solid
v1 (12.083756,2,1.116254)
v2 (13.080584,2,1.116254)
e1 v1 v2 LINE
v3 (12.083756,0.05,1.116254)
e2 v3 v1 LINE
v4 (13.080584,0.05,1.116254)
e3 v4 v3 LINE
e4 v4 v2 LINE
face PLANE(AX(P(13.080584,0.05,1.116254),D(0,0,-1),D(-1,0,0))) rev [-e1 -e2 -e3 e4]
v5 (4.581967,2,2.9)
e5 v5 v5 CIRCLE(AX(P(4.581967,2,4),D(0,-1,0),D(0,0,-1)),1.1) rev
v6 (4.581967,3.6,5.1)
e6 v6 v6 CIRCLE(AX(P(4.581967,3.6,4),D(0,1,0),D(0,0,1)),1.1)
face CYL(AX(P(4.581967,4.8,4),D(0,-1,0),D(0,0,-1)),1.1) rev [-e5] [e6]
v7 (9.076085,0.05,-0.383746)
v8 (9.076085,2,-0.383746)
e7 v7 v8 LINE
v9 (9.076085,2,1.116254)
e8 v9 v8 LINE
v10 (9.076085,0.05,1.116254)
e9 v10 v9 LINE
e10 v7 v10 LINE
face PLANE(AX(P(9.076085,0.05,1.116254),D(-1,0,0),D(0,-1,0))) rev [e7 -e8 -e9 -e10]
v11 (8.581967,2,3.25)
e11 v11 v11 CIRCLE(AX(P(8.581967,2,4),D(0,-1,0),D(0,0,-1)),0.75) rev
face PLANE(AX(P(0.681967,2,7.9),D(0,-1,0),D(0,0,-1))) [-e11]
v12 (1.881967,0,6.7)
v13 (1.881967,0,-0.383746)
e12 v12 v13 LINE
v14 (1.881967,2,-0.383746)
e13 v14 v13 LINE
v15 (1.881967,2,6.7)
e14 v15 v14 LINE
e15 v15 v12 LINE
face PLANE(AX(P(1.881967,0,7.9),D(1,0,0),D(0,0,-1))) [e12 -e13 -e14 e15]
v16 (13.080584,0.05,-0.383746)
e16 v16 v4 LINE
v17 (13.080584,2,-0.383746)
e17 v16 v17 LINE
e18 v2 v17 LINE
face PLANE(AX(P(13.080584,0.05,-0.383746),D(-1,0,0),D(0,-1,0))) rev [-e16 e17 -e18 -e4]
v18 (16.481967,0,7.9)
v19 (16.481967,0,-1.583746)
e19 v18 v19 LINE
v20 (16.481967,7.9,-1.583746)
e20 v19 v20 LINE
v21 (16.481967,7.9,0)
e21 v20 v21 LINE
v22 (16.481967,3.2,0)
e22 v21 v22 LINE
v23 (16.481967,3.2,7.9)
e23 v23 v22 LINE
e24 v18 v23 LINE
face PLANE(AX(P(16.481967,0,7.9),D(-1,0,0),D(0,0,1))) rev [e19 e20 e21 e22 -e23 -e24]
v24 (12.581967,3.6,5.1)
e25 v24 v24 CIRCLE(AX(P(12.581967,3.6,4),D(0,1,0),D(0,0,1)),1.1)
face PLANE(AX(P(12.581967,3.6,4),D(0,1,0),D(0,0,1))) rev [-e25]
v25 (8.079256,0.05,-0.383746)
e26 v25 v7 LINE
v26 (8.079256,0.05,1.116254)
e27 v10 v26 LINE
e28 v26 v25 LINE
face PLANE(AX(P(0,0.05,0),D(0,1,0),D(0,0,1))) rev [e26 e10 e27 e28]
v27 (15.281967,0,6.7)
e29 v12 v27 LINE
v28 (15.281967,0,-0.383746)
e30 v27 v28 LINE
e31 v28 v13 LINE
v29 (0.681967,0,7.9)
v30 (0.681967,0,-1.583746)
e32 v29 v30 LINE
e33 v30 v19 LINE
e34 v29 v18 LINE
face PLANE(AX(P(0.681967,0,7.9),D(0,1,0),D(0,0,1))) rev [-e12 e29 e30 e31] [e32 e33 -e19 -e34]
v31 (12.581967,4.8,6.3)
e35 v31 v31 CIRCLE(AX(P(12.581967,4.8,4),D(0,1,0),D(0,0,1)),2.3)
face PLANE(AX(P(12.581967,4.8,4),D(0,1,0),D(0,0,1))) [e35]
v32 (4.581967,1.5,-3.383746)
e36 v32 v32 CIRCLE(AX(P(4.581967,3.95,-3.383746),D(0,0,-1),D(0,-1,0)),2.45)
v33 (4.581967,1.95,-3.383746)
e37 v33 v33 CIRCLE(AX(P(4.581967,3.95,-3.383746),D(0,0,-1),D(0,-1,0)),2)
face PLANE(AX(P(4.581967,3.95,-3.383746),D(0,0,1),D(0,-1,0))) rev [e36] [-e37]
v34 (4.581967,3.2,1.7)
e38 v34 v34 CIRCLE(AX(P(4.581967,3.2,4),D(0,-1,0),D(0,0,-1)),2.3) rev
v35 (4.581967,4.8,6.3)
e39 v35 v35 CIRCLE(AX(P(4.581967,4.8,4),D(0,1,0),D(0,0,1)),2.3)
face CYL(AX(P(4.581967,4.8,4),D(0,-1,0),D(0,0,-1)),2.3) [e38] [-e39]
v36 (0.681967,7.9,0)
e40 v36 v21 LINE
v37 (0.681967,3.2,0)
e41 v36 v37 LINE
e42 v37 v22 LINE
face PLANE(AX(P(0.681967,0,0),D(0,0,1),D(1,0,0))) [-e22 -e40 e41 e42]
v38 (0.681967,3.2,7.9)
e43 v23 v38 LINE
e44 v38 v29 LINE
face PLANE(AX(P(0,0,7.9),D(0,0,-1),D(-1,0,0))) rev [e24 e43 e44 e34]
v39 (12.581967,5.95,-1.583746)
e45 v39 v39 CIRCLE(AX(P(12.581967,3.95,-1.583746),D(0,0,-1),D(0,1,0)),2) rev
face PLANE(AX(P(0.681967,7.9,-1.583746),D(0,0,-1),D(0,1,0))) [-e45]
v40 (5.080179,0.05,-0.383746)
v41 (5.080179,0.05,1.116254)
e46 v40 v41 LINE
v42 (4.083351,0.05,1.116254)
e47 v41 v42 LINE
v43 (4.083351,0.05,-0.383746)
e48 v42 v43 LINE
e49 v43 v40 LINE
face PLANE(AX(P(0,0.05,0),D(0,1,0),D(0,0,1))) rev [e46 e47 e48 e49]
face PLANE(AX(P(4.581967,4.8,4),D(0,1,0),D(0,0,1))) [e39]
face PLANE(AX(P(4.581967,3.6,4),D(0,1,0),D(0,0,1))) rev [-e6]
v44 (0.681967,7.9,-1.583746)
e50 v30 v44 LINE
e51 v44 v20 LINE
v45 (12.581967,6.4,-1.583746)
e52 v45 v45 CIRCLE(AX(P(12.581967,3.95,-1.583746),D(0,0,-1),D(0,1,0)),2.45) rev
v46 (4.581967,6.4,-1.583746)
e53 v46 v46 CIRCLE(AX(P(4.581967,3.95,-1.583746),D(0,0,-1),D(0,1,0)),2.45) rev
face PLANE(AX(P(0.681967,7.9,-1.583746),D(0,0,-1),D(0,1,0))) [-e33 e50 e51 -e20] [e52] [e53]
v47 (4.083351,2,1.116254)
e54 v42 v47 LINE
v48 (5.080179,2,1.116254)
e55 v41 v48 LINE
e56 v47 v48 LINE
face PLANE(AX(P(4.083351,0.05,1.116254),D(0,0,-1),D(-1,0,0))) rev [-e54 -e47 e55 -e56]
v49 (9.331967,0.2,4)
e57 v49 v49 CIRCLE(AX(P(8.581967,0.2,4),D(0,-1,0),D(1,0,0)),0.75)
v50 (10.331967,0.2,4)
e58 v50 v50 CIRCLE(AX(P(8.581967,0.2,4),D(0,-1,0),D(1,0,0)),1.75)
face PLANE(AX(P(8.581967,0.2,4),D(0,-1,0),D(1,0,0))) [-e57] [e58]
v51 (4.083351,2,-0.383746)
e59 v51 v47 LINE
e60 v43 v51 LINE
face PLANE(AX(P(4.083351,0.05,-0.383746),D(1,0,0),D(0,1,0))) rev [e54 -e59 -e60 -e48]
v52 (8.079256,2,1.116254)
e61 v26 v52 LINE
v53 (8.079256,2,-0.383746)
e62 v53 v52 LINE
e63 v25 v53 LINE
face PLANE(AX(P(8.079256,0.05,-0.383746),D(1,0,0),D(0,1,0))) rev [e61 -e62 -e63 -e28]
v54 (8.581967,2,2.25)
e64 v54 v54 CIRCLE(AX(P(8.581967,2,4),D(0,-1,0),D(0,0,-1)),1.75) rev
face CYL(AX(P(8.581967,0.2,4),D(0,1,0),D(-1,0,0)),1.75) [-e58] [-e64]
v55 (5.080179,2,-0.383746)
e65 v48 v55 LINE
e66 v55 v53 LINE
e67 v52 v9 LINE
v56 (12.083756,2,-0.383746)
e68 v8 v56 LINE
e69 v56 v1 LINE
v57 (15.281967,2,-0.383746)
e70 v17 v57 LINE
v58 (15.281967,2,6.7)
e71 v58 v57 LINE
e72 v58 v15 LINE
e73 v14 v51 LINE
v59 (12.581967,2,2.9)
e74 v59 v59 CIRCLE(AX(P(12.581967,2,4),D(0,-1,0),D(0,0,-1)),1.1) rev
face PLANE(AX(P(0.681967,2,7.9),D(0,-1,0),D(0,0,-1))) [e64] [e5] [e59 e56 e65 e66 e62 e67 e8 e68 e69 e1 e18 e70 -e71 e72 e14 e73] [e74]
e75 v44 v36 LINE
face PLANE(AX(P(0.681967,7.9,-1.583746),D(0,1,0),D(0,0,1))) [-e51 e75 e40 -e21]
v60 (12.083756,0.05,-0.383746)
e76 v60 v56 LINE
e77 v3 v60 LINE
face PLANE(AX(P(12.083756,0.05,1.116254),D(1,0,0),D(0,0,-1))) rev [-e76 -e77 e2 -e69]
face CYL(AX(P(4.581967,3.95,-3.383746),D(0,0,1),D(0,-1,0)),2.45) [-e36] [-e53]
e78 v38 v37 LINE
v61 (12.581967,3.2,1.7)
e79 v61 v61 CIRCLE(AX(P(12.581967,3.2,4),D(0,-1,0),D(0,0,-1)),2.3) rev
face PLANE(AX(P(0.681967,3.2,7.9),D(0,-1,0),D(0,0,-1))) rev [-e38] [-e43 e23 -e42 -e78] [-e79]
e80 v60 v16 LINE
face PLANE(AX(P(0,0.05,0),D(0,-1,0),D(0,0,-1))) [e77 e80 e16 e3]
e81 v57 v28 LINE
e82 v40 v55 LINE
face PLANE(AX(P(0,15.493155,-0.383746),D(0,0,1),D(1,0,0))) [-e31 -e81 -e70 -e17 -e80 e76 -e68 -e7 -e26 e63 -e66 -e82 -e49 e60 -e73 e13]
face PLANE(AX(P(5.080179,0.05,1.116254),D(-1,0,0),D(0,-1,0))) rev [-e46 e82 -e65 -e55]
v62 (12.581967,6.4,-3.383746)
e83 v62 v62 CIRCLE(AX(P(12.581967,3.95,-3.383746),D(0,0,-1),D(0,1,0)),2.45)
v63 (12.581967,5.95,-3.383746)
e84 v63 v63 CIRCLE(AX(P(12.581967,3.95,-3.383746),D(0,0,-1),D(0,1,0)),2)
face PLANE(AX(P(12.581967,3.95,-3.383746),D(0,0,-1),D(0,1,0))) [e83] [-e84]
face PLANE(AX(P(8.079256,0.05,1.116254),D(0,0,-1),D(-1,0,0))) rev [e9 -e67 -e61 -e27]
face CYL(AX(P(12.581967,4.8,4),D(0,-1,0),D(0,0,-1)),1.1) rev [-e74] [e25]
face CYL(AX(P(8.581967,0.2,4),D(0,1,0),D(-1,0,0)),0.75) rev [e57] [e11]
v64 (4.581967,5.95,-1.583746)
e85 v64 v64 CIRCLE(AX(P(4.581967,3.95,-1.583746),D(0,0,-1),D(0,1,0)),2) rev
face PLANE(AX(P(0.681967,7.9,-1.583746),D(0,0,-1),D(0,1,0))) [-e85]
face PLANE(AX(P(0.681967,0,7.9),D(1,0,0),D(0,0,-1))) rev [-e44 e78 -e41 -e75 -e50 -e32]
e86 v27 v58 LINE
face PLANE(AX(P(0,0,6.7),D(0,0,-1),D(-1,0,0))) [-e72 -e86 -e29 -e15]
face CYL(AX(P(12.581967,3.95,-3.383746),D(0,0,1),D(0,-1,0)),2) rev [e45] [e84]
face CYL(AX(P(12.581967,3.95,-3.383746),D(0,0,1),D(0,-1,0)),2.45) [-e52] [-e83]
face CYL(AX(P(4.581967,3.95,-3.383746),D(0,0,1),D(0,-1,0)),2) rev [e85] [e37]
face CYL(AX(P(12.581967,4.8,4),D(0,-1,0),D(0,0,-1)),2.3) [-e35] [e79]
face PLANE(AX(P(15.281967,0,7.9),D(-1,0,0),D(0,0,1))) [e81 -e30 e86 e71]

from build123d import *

# Parameters (mm, degrees)
MAINBASESKETCH_W             = 15.8
MAINBASESKETCH_H             = 3.2
MAINBASEEXTRUDE_DEPTH        = 7.9
STUDSSKETCH_R                = 2.3
STUDSEXTRUDE_DEPTH           = 1.6
STUDSPATTERN_COUNT           = 2
STUDSPATTERN_PITCH           = 8
STUDSPATTERN_COUNT_DIR2      = 2
STUDSPATTERN_PITCH_DIR2      = 8
MAINBASESHELL_T              = -1.2
LCUTBLUE_DEPTH               = 19.555463972
LCUTBLUE_DEPTH_BACK          = 19.555463972
CUTADDEDTOLCUT_DEPTH         = 2
MADESLIMCUTSKETCH_W          = 7.9
MADESLIMCUTSKETCH_H          = 7.9
MADESLIMCUT_DEPTH            = 19.897228453
MADESLIMFILLEXT_REACH        = 20.897
SKETCH33_W                   = 5.500952983
SKETCH33_H                   = 1.199047018
SLIMHOLEEXT_START            = -0.2
SLIMHOLESKETCH_R             = 1.75
SLIMHOLESKETCH_R_2           = 0.75
SLIMHOLEEXT_DEPTH            = 2
SHORTLEXTENSIONSKETCH_W      = 1.583745828
SHORTLEXTENSIONSKETCH_H      = 7.9
SHORTLEXTENDEDCUTSKETCH_W    = 13.4
SHORTLEXTENDEDCUTSKETCH_H    = 1.582792846
SHORTLEXTENDEDCUT_DEPTH      = 2
SHORTLUNDERSTUMPS_START      = -0.2
SHORTLUNDERSTUMPSKETCH_W     = 0.996828098
SHORTLUNDERSTUMPSKETCH_H     = 1.5
SHORTLUNDERSTUMPS_DEPTH      = 2.15
SHORTLUPPERCIRCLES_START     = -0.2
SHORTLUPPERCIRCLESSKETCH_R   = 2.45
SHORTLUPPERCIRCLESSKETCH_R_2 = 2
SHORTLUPPERCIRCLES_DEPTH     = 2


with BuildPart() as part:
    # MainBaseSketch → MainBaseExtrude (new, symmetric)
    with BuildSketch(Plane.XY):
        with Locations((8.581967213, 1.6)):
            Rectangle(MAINBASESKETCH_W, MAINBASESKETCH_H)
    extrude(amount=MAINBASEEXTRUDE_DEPTH, both=True)

    # StudsSketch → StudsExtrude (add)
    with BuildSketch(Plane(origin=(0, 3.2, 0), x_dir=(1, 0, 0), z_dir=(0, 1, 0))):
        with Locations(Location((4.581967213, 4, 0), (0, 0, 90))):
            Circle(STUDSSKETCH_R)
    studsextrude = extrude(amount=STUDSEXTRUDE_DEPTH)

    # StudsPattern: StudsExtrude 2 × 2
    with Locations(*[(j * STUDSPATTERN_PITCH_DIR2, 0, i * STUDSPATTERN_PITCH) for i in range(STUDSPATTERN_COUNT) for j in range(STUDSPATTERN_COUNT_DIR2) if (i, j) != (0, 0)]):
        add(studsextrude)

    # MainBaseShell
    mainbaseshell_openings = [part.faces().sort_by_distance(p)[0] for p in [
        (8.581967213, 0, 0),
    ]]
    offset(amount=MAINBASESHELL_T, openings=mainbaseshell_openings, kind=Kind.INTERSECTION)

    # LCUTBlueSketch → LCutBlue (cut, two sides: drawn at the far end of the back side and taken through both)
    with BuildSketch(Plane(origin=(0, 3.2, 0), x_dir=(1, 0, 0), z_dir=(0, 1, 0)).offset(-LCUTBLUE_DEPTH_BACK)):
        Polygon((8.581967213, 53.229874044), (8.581967213, 7.9), (8.581967213, 0), (16.481967213, 0), (61.811841258, 0), (125.917963912, 64.106122654), (72.688089868, 117.335996699), align=None)
    extrude(amount=LCUTBLUE_DEPTH + LCUTBLUE_DEPTH_BACK, mode=Mode.SUBTRACT)

    # CutAddedtoLSketch → CutAddedToLCut (add)
    with BuildSketch(Plane.XZ):
        Polygon((7.382920196, -6.7), (8.581967213, -6.7), (8.581967213, 0), (15.281967213, 0), (15.281967213, 1.199047018), (7.382920196, 1.199047018), (7.382920196, 0), align=None)
    extrude(amount=-CUTADDEDTOLCUT_DEPTH)

    # MadeSlimCutSketch → MadeSlimCut (cut, through all)
    with BuildSketch(Plane.XZ):
        with Locations((4.631967213, -3.95)):
            Rectangle(MADESLIMCUTSKETCH_W, MADESLIMCUTSKETCH_H)
    extrude(amount=-MADESLIMCUT_DEPTH, mode=Mode.SUBTRACT)

    # Sketch33 → MadeSlimFillExt (add, up to next)
    with BuildSketch(Plane.XZ, mode=Mode.PRIVATE) as madeslimfillext_sk1:
        with Locations((4.632443704, 0.599523509)):
            Rectangle(SKETCH33_W, SKETCH33_H)
    madeslimfillext_tool1 = extrude(madeslimfillext_sk1.sketch, amount=-MADESLIMFILLEXT_REACH, mode=Mode.PRIVATE) - part.part
    add(madeslimfillext_tool1.solids().sort_by_distance((4.632444, 0, 0.599524))[0])

    # SlimHoleSketch → SlimHoleExt (add)
    with BuildSketch(Plane.XZ.offset(-2).offset(SLIMHOLEEXT_START)):
        with Locations(Location((8.581967213, 4, 0), (0, 0, 270))):
            Circle(SLIMHOLESKETCH_R)
        with Locations(Location((8.581967213, 4, 0), (0, 0, 270))):
            Circle(SLIMHOLESKETCH_R_2, mode=Mode.SUBTRACT)
    extrude(amount=SLIMHOLEEXT_DEPTH)

    # ShortLExtension: sweep along a curve in space
    with BuildLine() as shortlextension_path:
        Line((0.681967213, 3.2, 0), (16.481967213, 3.2, 0))
    # ShortLExtensionSketch → ShortLExtension (sweep)
    with BuildSketch(Plane(origin=(16.481967213, 0, 0), x_dir=(0, 0, -1), z_dir=(1, 0, 0))):
        with Locations((0.791872914, 3.95)):
            Rectangle(SHORTLEXTENSIONSKETCH_W, SHORTLEXTENSIONSKETCH_H)
    sweep(path=shortlextension_path.line)

    # ShortLExtendedCutSketch → ShortLExtendedCut (cut)
    with BuildSketch(Plane.XZ):
        with Locations((8.581967213, 0.407650595)):
            Rectangle(SHORTLEXTENDEDCUTSKETCH_W, SHORTLEXTENDEDCUTSKETCH_H)
    extrude(amount=-SHORTLEXTENDEDCUT_DEPTH, mode=Mode.SUBTRACT)

    # ShortLUnderStumpSketch → ShortLUnderStumps (add)
    with BuildSketch(Plane.XZ.offset(-2).offset(SHORTLUNDERSTUMPS_START)):
        with Locations((4.581764801, 0.366254172)):
            Rectangle(SHORTLUNDERSTUMPSKETCH_W, SHORTLUNDERSTUMPSKETCH_H)
        with Locations((8.57767054, 0.366254172)):
            Rectangle(SHORTLUNDERSTUMPSKETCH_W, SHORTLUNDERSTUMPSKETCH_H)
        with Locations((12.582169625, 0.366254172)):
            Rectangle(SHORTLUNDERSTUMPSKETCH_W, SHORTLUNDERSTUMPSKETCH_H)
    extrude(amount=SHORTLUNDERSTUMPS_DEPTH)

    # ShortLUpperCirclesSketch → ShortLUpperCircles (add)
    # profile 1 of 2: a face of its own
    with BuildSketch(Plane(origin=(0, 0, -1.583745828), x_dir=(-1, 0, 0), z_dir=(0, 0, -1)).offset(SHORTLUPPERCIRCLES_START)):
        with Locations(Location((-12.581967213, 3.95, 0), (0, 0, 90))):
            Circle(SHORTLUPPERCIRCLESSKETCH_R)
        with Locations(Location((-12.581967213, 3.95, 0), (0, 0, 90))):
            Circle(SHORTLUPPERCIRCLESSKETCH_R_2, mode=Mode.SUBTRACT)
    # profile 2 of 2: a face of its own
    with BuildSketch(Plane(origin=(0, 0, -1.583745828), x_dir=(-1, 0, 0), z_dir=(0, 0, -1)).offset(SHORTLUPPERCIRCLES_START)):
        with Locations(Location((-4.581967213, 3.95, 0), (0, 0, 270))):
            Circle(SHORTLUPPERCIRCLESSKETCH_R)
        with Locations(Location((-4.581967213, 3.95, 0), (0, 0, 270))):
            Circle(SHORTLUPPERCIRCLESSKETCH_R_2, mode=Mode.SUBTRACT)
    extrude(amount=SHORTLUPPERCIRCLES_DEPTH)


solid = part.part
